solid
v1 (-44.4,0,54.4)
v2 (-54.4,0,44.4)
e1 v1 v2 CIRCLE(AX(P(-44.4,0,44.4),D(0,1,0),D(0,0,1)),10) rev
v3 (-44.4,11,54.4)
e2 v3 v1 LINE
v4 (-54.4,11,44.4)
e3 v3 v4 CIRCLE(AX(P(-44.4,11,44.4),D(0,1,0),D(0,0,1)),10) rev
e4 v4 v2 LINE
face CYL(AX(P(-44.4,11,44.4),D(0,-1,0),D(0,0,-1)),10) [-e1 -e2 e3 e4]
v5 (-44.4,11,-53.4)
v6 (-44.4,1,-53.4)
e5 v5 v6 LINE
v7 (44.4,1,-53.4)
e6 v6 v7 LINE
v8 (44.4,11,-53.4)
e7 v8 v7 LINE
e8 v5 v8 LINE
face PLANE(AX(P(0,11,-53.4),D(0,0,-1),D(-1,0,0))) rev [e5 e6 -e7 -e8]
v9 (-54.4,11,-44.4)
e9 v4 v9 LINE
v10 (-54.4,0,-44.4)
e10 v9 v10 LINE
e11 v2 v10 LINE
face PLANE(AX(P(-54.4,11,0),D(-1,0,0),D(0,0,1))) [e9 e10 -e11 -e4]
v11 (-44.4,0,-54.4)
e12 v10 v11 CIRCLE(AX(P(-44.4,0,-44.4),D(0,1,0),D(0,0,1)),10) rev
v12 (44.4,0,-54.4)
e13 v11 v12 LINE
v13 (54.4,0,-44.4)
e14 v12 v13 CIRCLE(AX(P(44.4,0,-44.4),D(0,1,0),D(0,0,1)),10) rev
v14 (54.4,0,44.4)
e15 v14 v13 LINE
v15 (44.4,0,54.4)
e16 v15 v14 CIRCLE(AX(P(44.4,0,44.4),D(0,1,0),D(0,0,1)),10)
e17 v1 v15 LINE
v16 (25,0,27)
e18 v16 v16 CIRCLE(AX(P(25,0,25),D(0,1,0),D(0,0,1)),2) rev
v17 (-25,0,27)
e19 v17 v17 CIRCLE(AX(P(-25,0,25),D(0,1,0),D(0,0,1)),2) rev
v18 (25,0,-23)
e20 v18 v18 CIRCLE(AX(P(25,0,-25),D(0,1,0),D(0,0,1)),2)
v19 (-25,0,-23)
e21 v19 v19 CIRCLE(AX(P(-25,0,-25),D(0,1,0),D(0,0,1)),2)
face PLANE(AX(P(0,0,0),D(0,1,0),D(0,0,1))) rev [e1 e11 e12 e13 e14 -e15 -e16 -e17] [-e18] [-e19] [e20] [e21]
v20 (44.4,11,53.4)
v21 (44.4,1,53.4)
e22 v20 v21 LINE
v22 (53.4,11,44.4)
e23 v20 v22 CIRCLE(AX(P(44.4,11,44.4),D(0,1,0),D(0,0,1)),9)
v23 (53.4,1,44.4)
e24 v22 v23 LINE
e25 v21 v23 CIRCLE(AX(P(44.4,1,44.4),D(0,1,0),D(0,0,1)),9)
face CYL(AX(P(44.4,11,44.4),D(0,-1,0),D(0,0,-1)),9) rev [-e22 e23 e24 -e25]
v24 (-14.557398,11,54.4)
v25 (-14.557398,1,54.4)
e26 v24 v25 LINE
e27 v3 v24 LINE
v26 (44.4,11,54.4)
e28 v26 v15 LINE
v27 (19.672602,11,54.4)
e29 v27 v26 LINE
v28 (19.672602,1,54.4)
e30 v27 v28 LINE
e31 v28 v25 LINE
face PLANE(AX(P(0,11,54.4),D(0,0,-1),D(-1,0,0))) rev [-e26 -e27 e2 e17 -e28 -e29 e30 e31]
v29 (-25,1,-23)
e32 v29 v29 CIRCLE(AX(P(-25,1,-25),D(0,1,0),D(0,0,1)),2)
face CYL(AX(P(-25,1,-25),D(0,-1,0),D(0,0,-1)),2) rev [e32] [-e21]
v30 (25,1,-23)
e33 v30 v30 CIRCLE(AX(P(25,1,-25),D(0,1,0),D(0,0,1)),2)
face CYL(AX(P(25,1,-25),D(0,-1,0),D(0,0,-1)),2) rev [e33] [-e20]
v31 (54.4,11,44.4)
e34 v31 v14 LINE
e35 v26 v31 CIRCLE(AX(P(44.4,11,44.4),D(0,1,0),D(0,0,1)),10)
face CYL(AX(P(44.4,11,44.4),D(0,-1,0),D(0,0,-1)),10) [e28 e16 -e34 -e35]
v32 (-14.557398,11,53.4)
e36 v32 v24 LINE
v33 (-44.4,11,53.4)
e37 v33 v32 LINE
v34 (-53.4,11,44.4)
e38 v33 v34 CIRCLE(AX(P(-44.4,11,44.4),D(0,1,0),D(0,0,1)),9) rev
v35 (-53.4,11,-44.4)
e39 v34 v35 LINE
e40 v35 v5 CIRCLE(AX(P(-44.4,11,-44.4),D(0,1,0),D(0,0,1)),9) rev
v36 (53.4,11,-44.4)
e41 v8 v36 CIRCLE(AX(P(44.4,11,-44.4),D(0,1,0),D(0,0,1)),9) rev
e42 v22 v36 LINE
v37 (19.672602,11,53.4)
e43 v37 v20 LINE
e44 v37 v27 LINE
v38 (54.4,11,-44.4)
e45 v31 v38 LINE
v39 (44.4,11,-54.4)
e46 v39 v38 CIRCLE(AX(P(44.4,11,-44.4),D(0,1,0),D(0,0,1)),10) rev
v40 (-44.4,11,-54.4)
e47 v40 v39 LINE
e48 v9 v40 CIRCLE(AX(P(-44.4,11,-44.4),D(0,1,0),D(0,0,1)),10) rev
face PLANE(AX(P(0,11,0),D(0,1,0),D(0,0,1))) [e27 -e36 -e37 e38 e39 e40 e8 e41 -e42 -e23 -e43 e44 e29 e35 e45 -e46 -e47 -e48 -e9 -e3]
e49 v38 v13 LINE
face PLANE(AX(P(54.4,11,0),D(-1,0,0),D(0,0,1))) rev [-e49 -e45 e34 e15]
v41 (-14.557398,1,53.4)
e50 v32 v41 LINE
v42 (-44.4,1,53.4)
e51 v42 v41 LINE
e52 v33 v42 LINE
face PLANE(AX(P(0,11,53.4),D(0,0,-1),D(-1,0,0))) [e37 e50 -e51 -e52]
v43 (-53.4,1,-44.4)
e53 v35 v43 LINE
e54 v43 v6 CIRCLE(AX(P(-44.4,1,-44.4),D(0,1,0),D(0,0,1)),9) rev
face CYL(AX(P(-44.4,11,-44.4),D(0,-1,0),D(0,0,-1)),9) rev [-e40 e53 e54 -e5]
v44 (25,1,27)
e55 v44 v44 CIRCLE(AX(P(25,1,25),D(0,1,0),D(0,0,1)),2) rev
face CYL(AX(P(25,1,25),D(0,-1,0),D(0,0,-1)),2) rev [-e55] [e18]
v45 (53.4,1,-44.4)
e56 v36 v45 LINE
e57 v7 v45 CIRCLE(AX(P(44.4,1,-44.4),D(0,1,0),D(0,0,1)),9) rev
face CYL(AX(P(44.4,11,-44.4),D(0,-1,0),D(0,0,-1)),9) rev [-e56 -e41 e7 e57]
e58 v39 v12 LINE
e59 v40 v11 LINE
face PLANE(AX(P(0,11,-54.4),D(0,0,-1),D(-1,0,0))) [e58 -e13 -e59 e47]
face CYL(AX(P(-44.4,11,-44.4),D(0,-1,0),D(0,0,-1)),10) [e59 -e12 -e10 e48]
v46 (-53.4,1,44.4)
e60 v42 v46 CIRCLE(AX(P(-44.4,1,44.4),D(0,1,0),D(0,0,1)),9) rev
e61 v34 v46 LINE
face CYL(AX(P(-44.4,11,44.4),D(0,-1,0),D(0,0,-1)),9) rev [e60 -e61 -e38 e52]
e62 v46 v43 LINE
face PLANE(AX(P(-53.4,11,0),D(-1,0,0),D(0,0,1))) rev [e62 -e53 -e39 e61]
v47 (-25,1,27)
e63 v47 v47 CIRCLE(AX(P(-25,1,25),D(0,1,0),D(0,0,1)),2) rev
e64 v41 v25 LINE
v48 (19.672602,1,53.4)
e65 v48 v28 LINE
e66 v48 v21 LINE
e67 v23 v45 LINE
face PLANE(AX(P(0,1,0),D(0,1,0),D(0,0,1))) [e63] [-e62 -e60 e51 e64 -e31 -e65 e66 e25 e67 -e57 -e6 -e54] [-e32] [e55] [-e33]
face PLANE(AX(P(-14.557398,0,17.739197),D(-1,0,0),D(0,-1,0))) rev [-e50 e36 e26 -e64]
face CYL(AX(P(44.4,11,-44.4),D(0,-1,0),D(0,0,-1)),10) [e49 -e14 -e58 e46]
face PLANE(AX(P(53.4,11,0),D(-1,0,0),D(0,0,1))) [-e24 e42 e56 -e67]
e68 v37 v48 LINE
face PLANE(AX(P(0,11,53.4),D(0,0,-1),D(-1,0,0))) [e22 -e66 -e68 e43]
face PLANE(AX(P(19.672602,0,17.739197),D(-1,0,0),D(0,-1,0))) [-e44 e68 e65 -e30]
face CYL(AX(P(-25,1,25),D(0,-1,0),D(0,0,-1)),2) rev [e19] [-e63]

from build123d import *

# Parameters (mm, degrees)
SKETCH1_R           = 2
BOSS_EXTRUDE1_DEPTH = 1
BOSS_EXTRUDE2_DEPTH = 11
SKETCH3_W           = 34.23
SKETCH3_H           = 19.064187878
CUT_EXTRUDE2_DEPTH  = 1


with BuildPart() as part:
    # Sketch1 → Boss-Extrude1 (new body)
    with BuildSketch(Plane(origin=(0, 0, 0), x_dir=(1, 0, 0), z_dir=(0, 1, 0))):
        with BuildLine():
            ThreePointArc((-44.4, -53.4), (-50.763961031, -50.763961031), (-53.4, -44.4))
            Line((-53.4, -44.4), (-53.4, 44.4))
            ThreePointArc((-53.4, 44.4), (-50.763961031, 50.763961031), (-44.4, 53.4))
            Line((-44.4, 53.4), (44.4, 53.4))
            ThreePointArc((44.4, 53.4), (50.763961031, 50.763961031), (53.4, 44.4))
            Line((53.4, 44.4), (53.4, -44.4))
            ThreePointArc((53.4, -44.4), (50.763961031, -50.763961031), (44.4, -53.4))
            Line((44.4, -53.4), (-44.4, -53.4))
        make_face()
        with BuildLine():
            Line((-29, -25), (-29, 25))
            ThreePointArc((-29, 25), (-27.828427125, 27.828427125), (-25, 29))
            Line((-25, 29), (25, 29))
            ThreePointArc((25, 29), (27.828427125, 27.828427125), (29, 25))
            Line((29, 25), (29, -25))
            ThreePointArc((29, -25), (27.828427125, -27.828427125), (25, -29))
            Line((25, -29), (-25, -29))
            ThreePointArc((-25, -29), (-27.828427125, -27.828427125), (-29, -25))
        make_face(mode=Mode.SUBTRACT)
        with BuildLine():
            ThreePointArc((-29, 25), (-27.828427125, 27.828427125), (-25, 29))
            Line((-25, 29), (25, 29))
            ThreePointArc((25, 29), (27.828427125, 27.828427125), (29, 25))
            Line((29, 25), (29, -25))
            ThreePointArc((29, -25), (27.828427125, -27.828427125), (25, -29))
            Line((25, -29), (-25, -29))
            ThreePointArc((-25, -29), (-27.828427125, -27.828427125), (-29, -25))
            Line((-29, -25), (-29, 25))
        make_face()
        with Locations((25, -25)):
            Circle(SKETCH1_R, mode=Mode.SUBTRACT)
        with Locations((25, 25)):
            Circle(SKETCH1_R, mode=Mode.SUBTRACT)
        with Locations((-25, 25)):
            Circle(SKETCH1_R, mode=Mode.SUBTRACT)
        with Locations((-25, -25)):
            Circle(SKETCH1_R, mode=Mode.SUBTRACT)
    extrude(amount=BOSS_EXTRUDE1_DEPTH)

    # Sketch1<5> → Boss-Extrude2 (add)
    with BuildSketch(Plane(origin=(0, 0, 0), x_dir=(1, 0, 0), z_dir=(0, 1, 0))):
        with BuildLine():
            ThreePointArc((-54.4, 44.4), (-51.471067812, 51.471067812), (-44.4, 54.4))
            Line((-44.4, 54.4), (44.4, 54.4))
            ThreePointArc((44.4, 54.4), (51.471067812, 51.471067812), (54.4, 44.4))
            Line((54.4, 44.4), (54.4, -44.4))
            ThreePointArc((54.4, -44.4), (51.471067812, -51.471067812), (44.4, -54.4))
            Line((44.4, -54.4), (-44.4, -54.4))
            ThreePointArc((-44.4, -54.4), (-51.471067812, -51.471067812), (-54.4, -44.4))
            Line((-54.4, -44.4), (-54.4, 44.4))
        make_face()
        with BuildLine():
            Line((-44.4, -53.4), (44.4, -53.4))
            ThreePointArc((44.4, -53.4), (50.763961031, -50.763961031), (53.4, -44.4))
            Line((53.4, -44.4), (53.4, 44.4))
            ThreePointArc((53.4, 44.4), (50.763961031, 50.763961031), (44.4, 53.4))
            Line((44.4, 53.4), (-44.4, 53.4))
            ThreePointArc((-44.4, 53.4), (-50.763961031, 50.763961031), (-53.4, 44.4))
            Line((-53.4, 44.4), (-53.4, -44.4))
            ThreePointArc((-53.4, -44.4), (-50.763961031, -50.763961031), (-44.4, -53.4))
        make_face(mode=Mode.SUBTRACT)
    extrude(amount=BOSS_EXTRUDE2_DEPTH)

    # Sketch3 → Cut-Extrude2 (cut)
    with BuildSketch(Plane(origin=(0, 0, 54.4), x_dir=(-1, 0, 0), z_dir=(0, 0, -1))):
        with Locations((-2.557601794, 10.532093939)):
            Rectangle(SKETCH3_W, SKETCH3_H)
    extrude(amount=CUT_EXTRUDE2_DEPTH, mode=Mode.SUBTRACT)


solid = part.part
